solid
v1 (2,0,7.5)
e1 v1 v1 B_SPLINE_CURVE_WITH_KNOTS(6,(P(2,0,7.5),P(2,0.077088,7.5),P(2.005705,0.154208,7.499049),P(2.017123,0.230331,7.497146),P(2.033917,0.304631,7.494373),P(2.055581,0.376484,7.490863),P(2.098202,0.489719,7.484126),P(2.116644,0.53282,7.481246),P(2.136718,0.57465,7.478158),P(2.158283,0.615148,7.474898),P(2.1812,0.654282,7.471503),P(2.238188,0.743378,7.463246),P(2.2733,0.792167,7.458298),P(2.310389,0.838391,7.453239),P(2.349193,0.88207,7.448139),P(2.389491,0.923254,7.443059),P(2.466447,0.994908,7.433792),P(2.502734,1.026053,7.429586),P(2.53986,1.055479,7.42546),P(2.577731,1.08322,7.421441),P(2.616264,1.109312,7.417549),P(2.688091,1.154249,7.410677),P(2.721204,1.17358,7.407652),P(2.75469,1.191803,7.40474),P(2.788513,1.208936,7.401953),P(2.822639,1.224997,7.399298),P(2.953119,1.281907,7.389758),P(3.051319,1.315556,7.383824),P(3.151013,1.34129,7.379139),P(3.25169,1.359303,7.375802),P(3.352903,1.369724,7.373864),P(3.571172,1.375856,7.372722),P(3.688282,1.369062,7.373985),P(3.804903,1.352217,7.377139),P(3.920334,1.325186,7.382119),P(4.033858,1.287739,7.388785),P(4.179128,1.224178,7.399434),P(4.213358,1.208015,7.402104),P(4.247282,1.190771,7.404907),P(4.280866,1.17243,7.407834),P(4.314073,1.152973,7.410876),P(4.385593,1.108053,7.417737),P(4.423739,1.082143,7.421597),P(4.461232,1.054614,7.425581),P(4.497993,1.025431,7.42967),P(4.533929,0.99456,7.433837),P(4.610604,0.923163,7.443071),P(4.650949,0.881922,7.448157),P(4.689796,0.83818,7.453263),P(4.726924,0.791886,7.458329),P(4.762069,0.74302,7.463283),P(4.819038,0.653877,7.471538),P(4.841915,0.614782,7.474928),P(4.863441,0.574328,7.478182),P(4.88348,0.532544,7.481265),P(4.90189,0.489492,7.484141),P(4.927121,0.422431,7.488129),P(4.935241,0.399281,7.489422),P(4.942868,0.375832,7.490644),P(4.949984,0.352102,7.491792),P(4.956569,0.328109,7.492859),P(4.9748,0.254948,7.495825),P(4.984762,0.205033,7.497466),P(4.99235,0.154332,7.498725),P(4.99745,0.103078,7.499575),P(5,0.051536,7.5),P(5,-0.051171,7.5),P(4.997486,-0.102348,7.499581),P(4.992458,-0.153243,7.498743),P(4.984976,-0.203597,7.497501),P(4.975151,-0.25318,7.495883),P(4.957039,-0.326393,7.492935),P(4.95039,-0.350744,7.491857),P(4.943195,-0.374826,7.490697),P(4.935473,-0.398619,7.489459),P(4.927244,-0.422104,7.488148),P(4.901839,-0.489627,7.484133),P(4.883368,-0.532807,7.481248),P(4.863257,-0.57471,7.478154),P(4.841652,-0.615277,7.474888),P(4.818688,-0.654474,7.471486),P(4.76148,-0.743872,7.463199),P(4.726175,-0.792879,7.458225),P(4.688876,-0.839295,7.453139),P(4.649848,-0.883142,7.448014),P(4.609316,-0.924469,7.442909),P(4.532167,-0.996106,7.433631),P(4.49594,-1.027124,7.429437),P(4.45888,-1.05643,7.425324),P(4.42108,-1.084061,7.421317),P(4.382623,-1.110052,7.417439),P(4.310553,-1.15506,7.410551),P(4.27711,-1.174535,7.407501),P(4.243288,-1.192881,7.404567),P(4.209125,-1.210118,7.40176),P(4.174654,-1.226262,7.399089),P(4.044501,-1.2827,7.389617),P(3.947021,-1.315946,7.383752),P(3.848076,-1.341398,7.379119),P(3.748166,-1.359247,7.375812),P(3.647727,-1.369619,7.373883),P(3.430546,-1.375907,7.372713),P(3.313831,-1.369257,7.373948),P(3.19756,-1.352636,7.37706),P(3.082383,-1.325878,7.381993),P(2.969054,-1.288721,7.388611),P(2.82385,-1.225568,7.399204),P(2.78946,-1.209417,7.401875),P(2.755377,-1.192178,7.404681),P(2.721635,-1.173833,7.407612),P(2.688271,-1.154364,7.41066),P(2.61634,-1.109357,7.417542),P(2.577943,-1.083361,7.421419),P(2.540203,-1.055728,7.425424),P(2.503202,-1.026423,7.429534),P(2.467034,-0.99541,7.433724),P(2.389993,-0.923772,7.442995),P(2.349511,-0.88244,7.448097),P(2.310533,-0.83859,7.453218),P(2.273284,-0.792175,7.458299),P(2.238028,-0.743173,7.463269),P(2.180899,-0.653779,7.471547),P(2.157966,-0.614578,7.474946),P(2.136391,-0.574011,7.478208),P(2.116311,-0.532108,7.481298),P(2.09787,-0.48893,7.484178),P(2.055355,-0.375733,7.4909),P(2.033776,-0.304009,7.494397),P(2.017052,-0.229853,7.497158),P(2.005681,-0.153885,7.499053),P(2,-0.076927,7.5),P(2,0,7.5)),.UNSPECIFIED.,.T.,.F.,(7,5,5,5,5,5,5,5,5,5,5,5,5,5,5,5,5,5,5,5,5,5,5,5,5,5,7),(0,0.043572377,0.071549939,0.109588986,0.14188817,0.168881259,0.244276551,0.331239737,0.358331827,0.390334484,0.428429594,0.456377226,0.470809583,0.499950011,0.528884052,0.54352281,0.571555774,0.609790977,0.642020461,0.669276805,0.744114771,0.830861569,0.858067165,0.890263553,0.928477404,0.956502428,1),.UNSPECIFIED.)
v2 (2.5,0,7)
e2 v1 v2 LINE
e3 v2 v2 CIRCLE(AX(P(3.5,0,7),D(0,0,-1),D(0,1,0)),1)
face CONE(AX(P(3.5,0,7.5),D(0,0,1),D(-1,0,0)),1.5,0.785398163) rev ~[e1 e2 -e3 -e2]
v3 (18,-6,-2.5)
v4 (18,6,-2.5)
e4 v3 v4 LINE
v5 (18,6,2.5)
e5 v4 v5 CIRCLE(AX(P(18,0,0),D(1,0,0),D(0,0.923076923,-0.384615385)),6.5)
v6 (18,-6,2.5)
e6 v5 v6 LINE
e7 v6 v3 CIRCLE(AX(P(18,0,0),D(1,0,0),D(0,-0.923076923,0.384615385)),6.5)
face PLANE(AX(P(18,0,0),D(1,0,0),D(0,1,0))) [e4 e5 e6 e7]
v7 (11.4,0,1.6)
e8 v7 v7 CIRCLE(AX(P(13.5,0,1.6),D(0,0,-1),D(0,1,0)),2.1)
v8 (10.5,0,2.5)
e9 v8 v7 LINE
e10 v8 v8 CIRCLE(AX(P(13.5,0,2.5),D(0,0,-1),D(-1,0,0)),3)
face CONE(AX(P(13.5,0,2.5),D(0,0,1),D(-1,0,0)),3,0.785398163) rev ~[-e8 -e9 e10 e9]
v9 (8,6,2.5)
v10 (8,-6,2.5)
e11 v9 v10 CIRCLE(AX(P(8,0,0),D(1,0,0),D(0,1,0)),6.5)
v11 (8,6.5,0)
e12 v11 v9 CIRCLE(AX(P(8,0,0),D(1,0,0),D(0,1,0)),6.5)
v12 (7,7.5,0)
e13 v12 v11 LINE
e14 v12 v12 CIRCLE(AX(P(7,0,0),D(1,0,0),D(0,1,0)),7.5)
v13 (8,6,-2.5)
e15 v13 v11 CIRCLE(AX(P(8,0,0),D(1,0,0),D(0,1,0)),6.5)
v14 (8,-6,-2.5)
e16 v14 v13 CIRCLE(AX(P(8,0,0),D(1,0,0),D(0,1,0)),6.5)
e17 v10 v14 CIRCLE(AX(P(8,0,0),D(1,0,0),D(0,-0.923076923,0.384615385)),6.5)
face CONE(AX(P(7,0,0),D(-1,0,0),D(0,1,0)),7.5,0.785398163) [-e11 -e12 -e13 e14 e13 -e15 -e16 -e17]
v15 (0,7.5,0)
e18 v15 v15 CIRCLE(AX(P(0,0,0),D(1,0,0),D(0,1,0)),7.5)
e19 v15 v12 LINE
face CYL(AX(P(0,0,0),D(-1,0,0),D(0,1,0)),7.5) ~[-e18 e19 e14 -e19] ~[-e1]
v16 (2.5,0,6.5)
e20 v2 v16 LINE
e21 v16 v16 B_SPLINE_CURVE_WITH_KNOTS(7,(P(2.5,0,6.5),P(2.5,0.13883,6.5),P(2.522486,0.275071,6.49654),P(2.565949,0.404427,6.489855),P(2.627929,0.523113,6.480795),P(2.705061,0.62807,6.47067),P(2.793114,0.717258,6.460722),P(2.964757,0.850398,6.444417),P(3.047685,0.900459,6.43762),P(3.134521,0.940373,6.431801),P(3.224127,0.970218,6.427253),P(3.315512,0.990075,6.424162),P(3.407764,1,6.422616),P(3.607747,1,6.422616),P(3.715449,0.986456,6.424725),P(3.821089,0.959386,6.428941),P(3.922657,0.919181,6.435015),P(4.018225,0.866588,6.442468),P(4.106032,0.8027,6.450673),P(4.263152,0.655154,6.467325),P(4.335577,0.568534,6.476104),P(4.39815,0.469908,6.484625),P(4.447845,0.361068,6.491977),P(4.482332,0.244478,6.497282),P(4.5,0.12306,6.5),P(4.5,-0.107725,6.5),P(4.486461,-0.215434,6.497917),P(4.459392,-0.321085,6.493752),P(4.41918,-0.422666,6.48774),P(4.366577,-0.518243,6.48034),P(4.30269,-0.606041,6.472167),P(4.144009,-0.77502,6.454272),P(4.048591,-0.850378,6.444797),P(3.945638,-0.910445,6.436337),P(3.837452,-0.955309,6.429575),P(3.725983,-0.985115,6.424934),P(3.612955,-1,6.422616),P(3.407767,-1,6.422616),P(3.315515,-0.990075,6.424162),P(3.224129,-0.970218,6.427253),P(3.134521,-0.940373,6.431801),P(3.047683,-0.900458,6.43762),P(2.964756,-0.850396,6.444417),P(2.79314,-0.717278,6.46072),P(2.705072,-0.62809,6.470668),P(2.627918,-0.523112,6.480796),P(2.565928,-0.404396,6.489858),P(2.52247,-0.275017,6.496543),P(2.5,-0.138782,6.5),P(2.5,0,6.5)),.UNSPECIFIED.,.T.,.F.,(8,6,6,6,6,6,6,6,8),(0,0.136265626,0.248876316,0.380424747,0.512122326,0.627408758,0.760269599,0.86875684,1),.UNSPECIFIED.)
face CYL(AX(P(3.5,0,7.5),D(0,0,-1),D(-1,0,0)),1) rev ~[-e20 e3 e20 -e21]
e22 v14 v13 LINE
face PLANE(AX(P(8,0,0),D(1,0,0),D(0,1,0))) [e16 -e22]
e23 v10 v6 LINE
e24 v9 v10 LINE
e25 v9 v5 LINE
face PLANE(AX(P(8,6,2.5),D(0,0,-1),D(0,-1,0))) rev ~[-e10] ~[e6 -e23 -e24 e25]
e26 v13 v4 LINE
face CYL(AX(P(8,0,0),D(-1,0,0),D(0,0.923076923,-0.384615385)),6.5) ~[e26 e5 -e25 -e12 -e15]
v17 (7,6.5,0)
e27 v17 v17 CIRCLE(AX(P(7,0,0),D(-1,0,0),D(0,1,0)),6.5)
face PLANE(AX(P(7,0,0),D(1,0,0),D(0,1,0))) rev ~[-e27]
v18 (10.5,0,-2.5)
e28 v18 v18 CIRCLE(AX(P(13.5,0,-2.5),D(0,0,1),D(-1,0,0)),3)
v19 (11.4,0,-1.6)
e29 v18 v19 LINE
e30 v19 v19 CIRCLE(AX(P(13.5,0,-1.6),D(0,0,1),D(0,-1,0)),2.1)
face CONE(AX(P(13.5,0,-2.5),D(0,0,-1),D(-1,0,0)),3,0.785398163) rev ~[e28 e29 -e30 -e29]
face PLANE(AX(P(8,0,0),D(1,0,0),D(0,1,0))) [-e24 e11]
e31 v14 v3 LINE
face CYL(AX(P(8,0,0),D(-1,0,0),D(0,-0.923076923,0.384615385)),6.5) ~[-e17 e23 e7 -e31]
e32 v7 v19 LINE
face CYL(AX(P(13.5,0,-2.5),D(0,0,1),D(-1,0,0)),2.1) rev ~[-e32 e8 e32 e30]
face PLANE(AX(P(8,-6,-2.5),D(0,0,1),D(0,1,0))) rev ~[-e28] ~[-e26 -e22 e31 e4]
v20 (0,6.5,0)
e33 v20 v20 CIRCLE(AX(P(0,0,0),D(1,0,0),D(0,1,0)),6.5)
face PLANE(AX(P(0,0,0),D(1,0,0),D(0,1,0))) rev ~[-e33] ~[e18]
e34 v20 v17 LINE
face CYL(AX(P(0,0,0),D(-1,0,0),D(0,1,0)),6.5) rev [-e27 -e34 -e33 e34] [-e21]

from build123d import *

# Parameters (mm, degrees)
F0_R            = 7.5
F1_DEPTH        = 8
F2_T            = -1
F3_SIZE         = 1
F5_DEPTH        = 10
F8_D            = 4.2
F8_DEPTH        = 2.5
F8_CSINK_D      = 6
F8_CSINK_ANGLE  = 90
F11_D           = 4.2
F11_DEPTH       = 2.5
F11_CSINK_D     = 6
F11_CSINK_ANGLE = 90
F15_D           = 2
F15_DEPTH       = 2.5
F15_CSINK_D     = 3
F15_CSINK_ANGLE = 90


with BuildPart() as f1:
    # F0 (on Right) → F1 (new body)
    with BuildSketch(Plane.YZ):
        Circle(F0_R)
    extrude(amount=F1_DEPTH)

    # F2
    f2_openings = [f1.faces().sort_by_distance(p)[0] for p in [
        (0, 0, 0),
    ]]
    offset(amount=F2_T, openings=f2_openings)

    # F3
    f3_edges = [f1.edges().sort_by_distance(p)[0] for p in [
        (8, -7.5, 0),
    ]]
    chamfer(f3_edges, length=F3_SIZE)

    # F4 (on face) → F5 (join)
    with BuildSketch(Plane.YZ.offset(8)):
        with BuildLine():
            Line((-6, -2.5), (0, -2.5))
            Line((0, -2.5), (6, -2.5))
            ThreePointArc((6, -2.5), (6.5, 0), (6, 2.5))
            Line((6, 2.5), (0, 2.5))
            Line((0, 2.5), (-6, 2.5))
            ThreePointArc((-6, 2.5), (-6.5, 0), (-6, -2.5))
        make_face()
    extrude(amount=F5_DEPTH)

    # F8
    with Locations(Plane.XY.offset(2.5)):
        with Locations((13.5, 0)):
            CounterSinkHole(F8_D / 2, F8_CSINK_D / 2, depth=F8_DEPTH, counter_sink_angle=F8_CSINK_ANGLE)

    # F11
    with Locations(Plane(origin=(0, 0, -2.5), x_dir=(1, 0, 0), z_dir=(0, 0, -1))):
        with Locations((13.5, 0)):
            CounterSinkHole(F11_D / 2, F11_CSINK_D / 2, depth=F11_DEPTH, counter_sink_angle=F11_CSINK_ANGLE)

    # F15
    with Locations(Plane.XY.offset(7.5)):
        with Locations((3.5, 0)):
            CounterSinkHole(F15_D / 2, F15_CSINK_D / 2, depth=F15_DEPTH, counter_sink_angle=F15_CSINK_ANGLE)


solid = f1.part
